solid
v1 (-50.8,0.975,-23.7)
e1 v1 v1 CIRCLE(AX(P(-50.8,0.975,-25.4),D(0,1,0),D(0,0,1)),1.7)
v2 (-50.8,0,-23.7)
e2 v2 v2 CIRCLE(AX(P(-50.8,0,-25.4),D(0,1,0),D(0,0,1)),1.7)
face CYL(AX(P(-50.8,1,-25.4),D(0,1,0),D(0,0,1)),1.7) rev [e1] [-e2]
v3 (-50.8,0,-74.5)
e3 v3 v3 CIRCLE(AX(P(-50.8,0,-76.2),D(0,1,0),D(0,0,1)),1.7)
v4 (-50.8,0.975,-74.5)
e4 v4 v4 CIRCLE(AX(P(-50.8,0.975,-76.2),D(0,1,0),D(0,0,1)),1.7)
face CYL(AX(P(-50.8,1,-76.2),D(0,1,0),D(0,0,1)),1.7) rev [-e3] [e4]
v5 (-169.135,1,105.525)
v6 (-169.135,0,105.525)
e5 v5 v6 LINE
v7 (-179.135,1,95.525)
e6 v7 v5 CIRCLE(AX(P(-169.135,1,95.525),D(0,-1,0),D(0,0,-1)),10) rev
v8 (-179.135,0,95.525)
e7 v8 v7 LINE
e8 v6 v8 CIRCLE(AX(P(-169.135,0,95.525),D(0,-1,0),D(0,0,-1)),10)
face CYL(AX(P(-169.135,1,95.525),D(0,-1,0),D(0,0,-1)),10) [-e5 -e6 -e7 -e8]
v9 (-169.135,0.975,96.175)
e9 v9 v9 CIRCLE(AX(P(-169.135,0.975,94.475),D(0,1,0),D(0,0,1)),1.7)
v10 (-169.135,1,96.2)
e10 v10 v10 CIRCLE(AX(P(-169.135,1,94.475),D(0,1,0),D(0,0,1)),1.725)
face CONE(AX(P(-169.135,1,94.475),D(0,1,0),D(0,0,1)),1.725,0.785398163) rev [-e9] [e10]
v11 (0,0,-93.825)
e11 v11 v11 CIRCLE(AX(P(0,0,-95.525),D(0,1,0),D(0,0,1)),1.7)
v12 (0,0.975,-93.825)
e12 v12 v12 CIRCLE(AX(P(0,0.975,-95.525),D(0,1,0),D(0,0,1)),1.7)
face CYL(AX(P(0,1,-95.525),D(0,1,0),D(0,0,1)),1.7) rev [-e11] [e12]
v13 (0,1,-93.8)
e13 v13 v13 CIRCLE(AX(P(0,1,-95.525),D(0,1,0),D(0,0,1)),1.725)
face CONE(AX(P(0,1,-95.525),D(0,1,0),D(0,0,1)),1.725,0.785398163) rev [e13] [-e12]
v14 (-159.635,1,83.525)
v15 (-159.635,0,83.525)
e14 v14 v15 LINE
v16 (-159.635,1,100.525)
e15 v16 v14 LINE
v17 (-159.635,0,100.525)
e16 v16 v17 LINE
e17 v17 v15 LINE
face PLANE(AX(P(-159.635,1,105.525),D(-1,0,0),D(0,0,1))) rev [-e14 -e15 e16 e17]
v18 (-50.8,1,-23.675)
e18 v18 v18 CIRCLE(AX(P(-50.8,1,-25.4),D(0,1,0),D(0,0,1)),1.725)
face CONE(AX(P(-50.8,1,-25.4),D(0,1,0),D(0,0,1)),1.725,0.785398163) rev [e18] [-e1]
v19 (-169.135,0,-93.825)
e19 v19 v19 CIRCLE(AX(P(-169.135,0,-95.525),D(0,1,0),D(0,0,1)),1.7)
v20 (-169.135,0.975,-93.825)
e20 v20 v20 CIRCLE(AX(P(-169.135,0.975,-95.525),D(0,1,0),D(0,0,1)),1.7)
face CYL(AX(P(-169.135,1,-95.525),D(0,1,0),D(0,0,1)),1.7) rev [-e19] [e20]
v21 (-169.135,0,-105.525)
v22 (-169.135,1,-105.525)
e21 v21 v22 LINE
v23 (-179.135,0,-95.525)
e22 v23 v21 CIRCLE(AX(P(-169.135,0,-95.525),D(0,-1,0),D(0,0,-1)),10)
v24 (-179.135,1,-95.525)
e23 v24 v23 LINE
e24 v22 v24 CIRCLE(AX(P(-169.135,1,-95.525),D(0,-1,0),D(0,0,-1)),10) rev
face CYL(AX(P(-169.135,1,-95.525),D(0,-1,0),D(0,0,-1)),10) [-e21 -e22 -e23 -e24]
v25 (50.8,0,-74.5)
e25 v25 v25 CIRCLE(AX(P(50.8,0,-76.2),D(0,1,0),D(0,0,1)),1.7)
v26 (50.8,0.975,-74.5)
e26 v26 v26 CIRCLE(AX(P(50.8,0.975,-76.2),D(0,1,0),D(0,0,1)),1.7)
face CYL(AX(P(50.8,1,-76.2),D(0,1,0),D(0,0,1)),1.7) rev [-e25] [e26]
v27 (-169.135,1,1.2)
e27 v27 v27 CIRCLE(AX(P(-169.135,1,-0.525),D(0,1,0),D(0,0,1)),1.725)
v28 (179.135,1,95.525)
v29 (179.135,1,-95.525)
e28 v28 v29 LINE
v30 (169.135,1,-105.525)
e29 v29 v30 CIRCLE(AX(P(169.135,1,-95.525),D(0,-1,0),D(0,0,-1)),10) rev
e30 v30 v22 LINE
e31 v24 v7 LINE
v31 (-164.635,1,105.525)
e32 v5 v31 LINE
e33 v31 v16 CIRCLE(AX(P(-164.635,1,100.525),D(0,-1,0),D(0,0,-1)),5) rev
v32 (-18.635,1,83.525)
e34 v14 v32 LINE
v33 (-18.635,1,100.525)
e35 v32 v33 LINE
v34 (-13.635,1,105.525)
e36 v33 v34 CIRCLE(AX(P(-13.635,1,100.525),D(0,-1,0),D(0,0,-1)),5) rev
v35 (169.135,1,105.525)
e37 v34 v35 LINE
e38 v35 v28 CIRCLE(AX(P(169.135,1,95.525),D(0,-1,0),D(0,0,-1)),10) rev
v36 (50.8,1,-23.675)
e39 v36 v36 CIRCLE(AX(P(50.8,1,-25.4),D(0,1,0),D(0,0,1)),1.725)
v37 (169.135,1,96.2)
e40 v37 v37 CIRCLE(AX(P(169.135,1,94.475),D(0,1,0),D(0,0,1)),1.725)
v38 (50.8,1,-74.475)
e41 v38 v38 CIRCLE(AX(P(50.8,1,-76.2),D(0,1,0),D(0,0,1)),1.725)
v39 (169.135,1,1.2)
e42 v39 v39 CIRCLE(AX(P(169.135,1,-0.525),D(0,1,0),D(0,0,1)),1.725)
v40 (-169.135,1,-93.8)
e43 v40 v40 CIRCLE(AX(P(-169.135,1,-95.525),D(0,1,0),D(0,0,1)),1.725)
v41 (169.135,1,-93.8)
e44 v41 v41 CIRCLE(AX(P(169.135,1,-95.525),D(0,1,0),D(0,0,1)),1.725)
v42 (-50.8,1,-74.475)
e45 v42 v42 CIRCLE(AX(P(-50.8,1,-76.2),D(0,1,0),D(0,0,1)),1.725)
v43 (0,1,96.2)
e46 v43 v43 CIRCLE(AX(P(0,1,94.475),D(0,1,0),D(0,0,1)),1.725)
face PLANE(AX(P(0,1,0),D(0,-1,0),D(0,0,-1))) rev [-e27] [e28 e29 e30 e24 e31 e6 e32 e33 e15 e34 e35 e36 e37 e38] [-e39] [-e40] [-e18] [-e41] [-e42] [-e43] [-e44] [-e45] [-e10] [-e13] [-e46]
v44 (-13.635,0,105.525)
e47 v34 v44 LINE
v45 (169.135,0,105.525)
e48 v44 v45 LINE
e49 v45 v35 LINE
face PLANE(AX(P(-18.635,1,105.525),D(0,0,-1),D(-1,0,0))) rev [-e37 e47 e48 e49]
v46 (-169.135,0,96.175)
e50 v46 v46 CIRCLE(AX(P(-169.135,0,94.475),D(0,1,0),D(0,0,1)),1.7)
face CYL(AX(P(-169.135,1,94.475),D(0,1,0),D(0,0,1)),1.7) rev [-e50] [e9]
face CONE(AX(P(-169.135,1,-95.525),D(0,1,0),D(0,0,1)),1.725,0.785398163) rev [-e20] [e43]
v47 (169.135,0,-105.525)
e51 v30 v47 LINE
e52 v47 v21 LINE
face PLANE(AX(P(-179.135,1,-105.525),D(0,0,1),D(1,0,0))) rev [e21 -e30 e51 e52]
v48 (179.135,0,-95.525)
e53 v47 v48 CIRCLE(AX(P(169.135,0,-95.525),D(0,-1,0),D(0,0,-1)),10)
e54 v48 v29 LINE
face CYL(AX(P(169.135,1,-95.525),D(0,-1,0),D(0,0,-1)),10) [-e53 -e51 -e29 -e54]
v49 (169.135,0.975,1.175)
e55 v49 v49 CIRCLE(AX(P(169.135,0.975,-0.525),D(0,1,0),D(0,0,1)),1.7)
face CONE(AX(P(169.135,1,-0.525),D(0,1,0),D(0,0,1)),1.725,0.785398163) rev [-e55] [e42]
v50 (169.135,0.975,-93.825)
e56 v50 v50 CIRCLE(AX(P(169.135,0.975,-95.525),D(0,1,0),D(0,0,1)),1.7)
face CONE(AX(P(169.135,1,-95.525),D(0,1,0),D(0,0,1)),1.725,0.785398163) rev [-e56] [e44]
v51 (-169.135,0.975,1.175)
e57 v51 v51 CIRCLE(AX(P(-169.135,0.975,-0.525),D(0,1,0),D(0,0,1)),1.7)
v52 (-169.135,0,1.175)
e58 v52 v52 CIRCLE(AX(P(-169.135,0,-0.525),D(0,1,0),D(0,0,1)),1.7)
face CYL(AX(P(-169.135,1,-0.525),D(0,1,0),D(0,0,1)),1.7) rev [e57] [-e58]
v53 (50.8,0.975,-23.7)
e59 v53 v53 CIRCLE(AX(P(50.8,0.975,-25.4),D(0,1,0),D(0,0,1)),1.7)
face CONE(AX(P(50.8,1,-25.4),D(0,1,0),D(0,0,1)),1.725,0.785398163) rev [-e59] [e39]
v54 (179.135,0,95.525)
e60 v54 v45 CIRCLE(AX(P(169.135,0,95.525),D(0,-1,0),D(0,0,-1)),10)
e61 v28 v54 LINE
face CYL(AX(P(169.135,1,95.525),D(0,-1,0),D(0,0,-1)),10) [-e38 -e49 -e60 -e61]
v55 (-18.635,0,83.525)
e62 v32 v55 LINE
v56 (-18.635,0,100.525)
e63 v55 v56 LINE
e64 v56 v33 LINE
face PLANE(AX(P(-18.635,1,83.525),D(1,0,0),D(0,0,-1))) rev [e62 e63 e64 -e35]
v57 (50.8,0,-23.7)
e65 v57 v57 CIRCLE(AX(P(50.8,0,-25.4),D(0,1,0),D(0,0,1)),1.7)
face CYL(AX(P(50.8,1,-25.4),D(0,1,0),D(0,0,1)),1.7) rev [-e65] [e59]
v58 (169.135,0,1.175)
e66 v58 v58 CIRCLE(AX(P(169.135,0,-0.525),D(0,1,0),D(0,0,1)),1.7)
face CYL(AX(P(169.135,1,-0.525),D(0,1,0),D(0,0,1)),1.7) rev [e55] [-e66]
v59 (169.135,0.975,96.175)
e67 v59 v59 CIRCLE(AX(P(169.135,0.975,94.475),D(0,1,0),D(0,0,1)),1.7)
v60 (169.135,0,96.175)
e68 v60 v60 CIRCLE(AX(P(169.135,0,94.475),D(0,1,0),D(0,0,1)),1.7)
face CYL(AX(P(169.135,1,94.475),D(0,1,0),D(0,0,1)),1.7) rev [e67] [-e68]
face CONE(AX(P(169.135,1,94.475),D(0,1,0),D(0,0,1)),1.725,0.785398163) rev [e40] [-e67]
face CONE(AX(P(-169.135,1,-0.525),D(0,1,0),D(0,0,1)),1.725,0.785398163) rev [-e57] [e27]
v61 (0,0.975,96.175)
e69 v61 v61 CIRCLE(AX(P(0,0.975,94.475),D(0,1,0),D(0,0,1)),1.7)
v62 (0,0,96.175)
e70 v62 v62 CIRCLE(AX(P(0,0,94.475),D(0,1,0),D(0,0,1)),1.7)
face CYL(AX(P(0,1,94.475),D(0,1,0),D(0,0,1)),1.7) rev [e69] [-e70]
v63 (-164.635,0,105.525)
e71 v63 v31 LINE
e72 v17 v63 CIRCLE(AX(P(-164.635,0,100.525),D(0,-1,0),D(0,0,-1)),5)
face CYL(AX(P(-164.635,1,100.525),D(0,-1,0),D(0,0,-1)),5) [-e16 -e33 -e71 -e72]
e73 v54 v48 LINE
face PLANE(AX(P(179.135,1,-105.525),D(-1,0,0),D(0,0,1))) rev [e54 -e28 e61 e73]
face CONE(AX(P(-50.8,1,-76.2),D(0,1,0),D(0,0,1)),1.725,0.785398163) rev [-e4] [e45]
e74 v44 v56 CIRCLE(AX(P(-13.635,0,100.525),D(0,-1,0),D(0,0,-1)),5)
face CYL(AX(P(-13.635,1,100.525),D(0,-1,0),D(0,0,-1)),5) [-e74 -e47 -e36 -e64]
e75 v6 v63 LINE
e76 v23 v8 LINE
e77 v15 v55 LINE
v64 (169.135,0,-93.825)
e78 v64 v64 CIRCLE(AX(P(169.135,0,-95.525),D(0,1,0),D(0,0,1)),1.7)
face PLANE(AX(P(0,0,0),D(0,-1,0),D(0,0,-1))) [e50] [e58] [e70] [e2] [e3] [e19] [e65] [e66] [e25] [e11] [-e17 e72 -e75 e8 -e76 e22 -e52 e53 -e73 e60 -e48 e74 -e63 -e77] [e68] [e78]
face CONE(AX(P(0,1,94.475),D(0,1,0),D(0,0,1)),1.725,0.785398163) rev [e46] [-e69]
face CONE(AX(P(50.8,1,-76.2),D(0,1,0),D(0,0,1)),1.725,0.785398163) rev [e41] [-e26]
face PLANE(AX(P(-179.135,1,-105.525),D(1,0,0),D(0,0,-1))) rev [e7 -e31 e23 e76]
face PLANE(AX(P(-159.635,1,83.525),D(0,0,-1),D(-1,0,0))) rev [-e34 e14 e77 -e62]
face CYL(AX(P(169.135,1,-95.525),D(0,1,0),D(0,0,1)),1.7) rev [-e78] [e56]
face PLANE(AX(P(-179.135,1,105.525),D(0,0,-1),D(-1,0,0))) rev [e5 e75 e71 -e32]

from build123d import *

# Parameters (mm, degrees)
BOSS_EXTRUDE1_DEPTH           = 1
FILLET1_R                     = 10
M3_CLEARANCE_HOLE1_AT_2_COUNT = 2
M3_CLEARANCE_HOLE1_AT_2_PITCH = 95
M3_CLEARANCE_HOLE1_AT_3_COUNT = 2
M3_CLEARANCE_HOLE1_AT_3_PITCH = 95
M3_CLEARANCE_HOLE1_AT_4_COUNT = 2
M3_CLEARANCE_HOLE1_AT_4_PITCH = 193.988783761
M3_CLEARANCE_HOLE1_AT_5_COUNT = 2
M3_CLEARANCE_HOLE1_AT_5_PITCH = 351.356788607
M3_CLEARANCE_HOLE1_AT_6_COUNT = 2
M3_CLEARANCE_HOLE1_AT_6_PITCH = 338.27
M3_CLEARANCE_HOLE1_AT_7_COUNT = 2
M3_CLEARANCE_HOLE1_AT_7_PITCH = 351.356788607
M3_CLEARANCE_HOLE1_AT_8_COUNT = 2
M3_CLEARANCE_HOLE1_AT_8_PITCH = 193.988783761
M3_CLEARANCE_HOLE3_AT_2_COUNT = 2
M3_CLEARANCE_HOLE3_AT_2_PITCH = 50.8
M3_CLEARANCE_HOLE3_AT_3_COUNT = 2
M3_CLEARANCE_HOLE3_AT_3_PITCH = 101.6
M3_CLEARANCE_HOLE3_AT_4_COUNT = 2
M3_CLEARANCE_HOLE3_AT_4_PITCH = 113.592253257
FILLET2_R                     = 5


with BuildPart() as part:
    # Sketch1 → Boss-Extrude1 (new body)
    with BuildSketch(Plane(origin=(0, 0, 0), x_dir=(1, 0, 0), z_dir=(0, 1, 0))):
        Polygon((-159.635, -105.525), (-159.635, -83.525), (-18.635, -83.525), (-18.635, -105.525), (179.135, -105.525), (179.135, 105.525), (-179.135, 105.525), (-179.135, -105.525), align=None)
    extrude(amount=BOSS_EXTRUDE1_DEPTH)

    # Fillet1
    fillet1_edges = [part.edges().sort_by_distance(p)[0] for p in [
        (-179.135, 0.5, 105.525),
        (-179.135, 0.5, -105.525),
        (179.135, 0.5, -105.525),
        (179.135, 0.5, 105.525),
    ]]
    fillet(fillet1_edges, radius=FILLET1_R)

    # Sketch3 → M3 Clearance Hole1 (revolve, cut)
    with BuildSketch(Plane(origin=(169.135, 1, -0.525), x_dir=(0, 0, 1), z_dir=(1, 0, 0))):
        Polygon((0, 0), (0, 1), (1.7, 1), (1.7, 0.025), (1.725, 0), align=None)
    m3_clearance_hole1 = revolve(axis=Axis((169.135, 7.35, -0.525), (0, -1, 0)), mode=Mode.SUBTRACT)

    # M3 Clearance Hole1 at 2: M3 Clearance Hole1 ×2
    with Locations(*[(0, 0, i * M3_CLEARANCE_HOLE1_AT_2_PITCH) for i in range(1, M3_CLEARANCE_HOLE1_AT_2_COUNT)]):
        add(m3_clearance_hole1, mode=Mode.SUBTRACT)

    # M3 Clearance Hole1 at 3: M3 Clearance Hole1 ×2
    with Locations(*[(0, 0, -i * M3_CLEARANCE_HOLE1_AT_3_PITCH) for i in range(1, M3_CLEARANCE_HOLE1_AT_3_COUNT)]):
        add(m3_clearance_hole1, mode=Mode.SUBTRACT)

    # M3 Clearance Hole1 at 4: M3 Clearance Hole1 ×2
    with Locations(*[Vector(-0.871880305, 0, -0.489719035) * (i * M3_CLEARANCE_HOLE1_AT_4_PITCH) for i in range(1, M3_CLEARANCE_HOLE1_AT_4_COUNT)]):
        add(m3_clearance_hole1, mode=Mode.SUBTRACT)

    # M3 Clearance Hole1 at 5: M3 Clearance Hole1 ×2
    with Locations(*[Vector(-0.962753563, 0, -0.270380431) * (i * M3_CLEARANCE_HOLE1_AT_5_PITCH) for i in range(1, M3_CLEARANCE_HOLE1_AT_5_COUNT)]):
        add(m3_clearance_hole1, mode=Mode.SUBTRACT)

    # M3 Clearance Hole1 at 6: M3 Clearance Hole1 ×2
    with Locations(*[(-i * M3_CLEARANCE_HOLE1_AT_6_PITCH, 0, 0) for i in range(1, M3_CLEARANCE_HOLE1_AT_6_COUNT)]):
        add(m3_clearance_hole1, mode=Mode.SUBTRACT)

    # M3 Clearance Hole1 at 7: M3 Clearance Hole1 ×2
    with Locations(*[Vector(-0.962753563, 0, 0.270380431) * (i * M3_CLEARANCE_HOLE1_AT_7_PITCH) for i in range(1, M3_CLEARANCE_HOLE1_AT_7_COUNT)]):
        add(m3_clearance_hole1, mode=Mode.SUBTRACT)

    # M3 Clearance Hole1 at 8: M3 Clearance Hole1 ×2
    with Locations(*[Vector(-0.871880305, 0, 0.489719035) * (i * M3_CLEARANCE_HOLE1_AT_8_PITCH) for i in range(1, M3_CLEARANCE_HOLE1_AT_8_COUNT)]):
        add(m3_clearance_hole1, mode=Mode.SUBTRACT)

    # Sketch5 → M3 Clearance Hole3 (revolve, cut)
    with BuildSketch(Plane(origin=(50.8, 1, -25.4), x_dir=(0, 0, 1), z_dir=(1, 0, 0))):
        Polygon((0, 0), (0, 1), (1.7, 1), (1.7, 0.025), (1.725, 0), align=None)
    m3_clearance_hole3 = revolve(axis=Axis((50.8, 7.35, -25.4), (0, -1, 0)), mode=Mode.SUBTRACT)

    # M3 Clearance Hole3 at 2: M3 Clearance Hole3 ×2
    with Locations(*[(0, 0, -i * M3_CLEARANCE_HOLE3_AT_2_PITCH) for i in range(1, M3_CLEARANCE_HOLE3_AT_2_COUNT)]):
        add(m3_clearance_hole3, mode=Mode.SUBTRACT)

    # M3 Clearance Hole3 at 3: M3 Clearance Hole3 ×2
    with Locations(*[(-i * M3_CLEARANCE_HOLE3_AT_3_PITCH, 0, 0) for i in range(1, M3_CLEARANCE_HOLE3_AT_3_COUNT)]):
        add(m3_clearance_hole3, mode=Mode.SUBTRACT)

    # M3 Clearance Hole3 at 4: M3 Clearance Hole3 ×2
    with Locations(*[Vector(-0.894427191, 0, -0.447213595) * (i * M3_CLEARANCE_HOLE3_AT_4_PITCH) for i in range(1, M3_CLEARANCE_HOLE3_AT_4_COUNT)]):
        add(m3_clearance_hole3, mode=Mode.SUBTRACT)

    # Fillet2
    fillet2_edges = [part.edges().sort_by_distance(p)[0] for p in [
        (-18.635, 0.5, 105.525),
        (-159.635, 0.5, 105.525),
    ]]
    fillet(fillet2_edges, radius=FILLET2_R)


solid = part.part
